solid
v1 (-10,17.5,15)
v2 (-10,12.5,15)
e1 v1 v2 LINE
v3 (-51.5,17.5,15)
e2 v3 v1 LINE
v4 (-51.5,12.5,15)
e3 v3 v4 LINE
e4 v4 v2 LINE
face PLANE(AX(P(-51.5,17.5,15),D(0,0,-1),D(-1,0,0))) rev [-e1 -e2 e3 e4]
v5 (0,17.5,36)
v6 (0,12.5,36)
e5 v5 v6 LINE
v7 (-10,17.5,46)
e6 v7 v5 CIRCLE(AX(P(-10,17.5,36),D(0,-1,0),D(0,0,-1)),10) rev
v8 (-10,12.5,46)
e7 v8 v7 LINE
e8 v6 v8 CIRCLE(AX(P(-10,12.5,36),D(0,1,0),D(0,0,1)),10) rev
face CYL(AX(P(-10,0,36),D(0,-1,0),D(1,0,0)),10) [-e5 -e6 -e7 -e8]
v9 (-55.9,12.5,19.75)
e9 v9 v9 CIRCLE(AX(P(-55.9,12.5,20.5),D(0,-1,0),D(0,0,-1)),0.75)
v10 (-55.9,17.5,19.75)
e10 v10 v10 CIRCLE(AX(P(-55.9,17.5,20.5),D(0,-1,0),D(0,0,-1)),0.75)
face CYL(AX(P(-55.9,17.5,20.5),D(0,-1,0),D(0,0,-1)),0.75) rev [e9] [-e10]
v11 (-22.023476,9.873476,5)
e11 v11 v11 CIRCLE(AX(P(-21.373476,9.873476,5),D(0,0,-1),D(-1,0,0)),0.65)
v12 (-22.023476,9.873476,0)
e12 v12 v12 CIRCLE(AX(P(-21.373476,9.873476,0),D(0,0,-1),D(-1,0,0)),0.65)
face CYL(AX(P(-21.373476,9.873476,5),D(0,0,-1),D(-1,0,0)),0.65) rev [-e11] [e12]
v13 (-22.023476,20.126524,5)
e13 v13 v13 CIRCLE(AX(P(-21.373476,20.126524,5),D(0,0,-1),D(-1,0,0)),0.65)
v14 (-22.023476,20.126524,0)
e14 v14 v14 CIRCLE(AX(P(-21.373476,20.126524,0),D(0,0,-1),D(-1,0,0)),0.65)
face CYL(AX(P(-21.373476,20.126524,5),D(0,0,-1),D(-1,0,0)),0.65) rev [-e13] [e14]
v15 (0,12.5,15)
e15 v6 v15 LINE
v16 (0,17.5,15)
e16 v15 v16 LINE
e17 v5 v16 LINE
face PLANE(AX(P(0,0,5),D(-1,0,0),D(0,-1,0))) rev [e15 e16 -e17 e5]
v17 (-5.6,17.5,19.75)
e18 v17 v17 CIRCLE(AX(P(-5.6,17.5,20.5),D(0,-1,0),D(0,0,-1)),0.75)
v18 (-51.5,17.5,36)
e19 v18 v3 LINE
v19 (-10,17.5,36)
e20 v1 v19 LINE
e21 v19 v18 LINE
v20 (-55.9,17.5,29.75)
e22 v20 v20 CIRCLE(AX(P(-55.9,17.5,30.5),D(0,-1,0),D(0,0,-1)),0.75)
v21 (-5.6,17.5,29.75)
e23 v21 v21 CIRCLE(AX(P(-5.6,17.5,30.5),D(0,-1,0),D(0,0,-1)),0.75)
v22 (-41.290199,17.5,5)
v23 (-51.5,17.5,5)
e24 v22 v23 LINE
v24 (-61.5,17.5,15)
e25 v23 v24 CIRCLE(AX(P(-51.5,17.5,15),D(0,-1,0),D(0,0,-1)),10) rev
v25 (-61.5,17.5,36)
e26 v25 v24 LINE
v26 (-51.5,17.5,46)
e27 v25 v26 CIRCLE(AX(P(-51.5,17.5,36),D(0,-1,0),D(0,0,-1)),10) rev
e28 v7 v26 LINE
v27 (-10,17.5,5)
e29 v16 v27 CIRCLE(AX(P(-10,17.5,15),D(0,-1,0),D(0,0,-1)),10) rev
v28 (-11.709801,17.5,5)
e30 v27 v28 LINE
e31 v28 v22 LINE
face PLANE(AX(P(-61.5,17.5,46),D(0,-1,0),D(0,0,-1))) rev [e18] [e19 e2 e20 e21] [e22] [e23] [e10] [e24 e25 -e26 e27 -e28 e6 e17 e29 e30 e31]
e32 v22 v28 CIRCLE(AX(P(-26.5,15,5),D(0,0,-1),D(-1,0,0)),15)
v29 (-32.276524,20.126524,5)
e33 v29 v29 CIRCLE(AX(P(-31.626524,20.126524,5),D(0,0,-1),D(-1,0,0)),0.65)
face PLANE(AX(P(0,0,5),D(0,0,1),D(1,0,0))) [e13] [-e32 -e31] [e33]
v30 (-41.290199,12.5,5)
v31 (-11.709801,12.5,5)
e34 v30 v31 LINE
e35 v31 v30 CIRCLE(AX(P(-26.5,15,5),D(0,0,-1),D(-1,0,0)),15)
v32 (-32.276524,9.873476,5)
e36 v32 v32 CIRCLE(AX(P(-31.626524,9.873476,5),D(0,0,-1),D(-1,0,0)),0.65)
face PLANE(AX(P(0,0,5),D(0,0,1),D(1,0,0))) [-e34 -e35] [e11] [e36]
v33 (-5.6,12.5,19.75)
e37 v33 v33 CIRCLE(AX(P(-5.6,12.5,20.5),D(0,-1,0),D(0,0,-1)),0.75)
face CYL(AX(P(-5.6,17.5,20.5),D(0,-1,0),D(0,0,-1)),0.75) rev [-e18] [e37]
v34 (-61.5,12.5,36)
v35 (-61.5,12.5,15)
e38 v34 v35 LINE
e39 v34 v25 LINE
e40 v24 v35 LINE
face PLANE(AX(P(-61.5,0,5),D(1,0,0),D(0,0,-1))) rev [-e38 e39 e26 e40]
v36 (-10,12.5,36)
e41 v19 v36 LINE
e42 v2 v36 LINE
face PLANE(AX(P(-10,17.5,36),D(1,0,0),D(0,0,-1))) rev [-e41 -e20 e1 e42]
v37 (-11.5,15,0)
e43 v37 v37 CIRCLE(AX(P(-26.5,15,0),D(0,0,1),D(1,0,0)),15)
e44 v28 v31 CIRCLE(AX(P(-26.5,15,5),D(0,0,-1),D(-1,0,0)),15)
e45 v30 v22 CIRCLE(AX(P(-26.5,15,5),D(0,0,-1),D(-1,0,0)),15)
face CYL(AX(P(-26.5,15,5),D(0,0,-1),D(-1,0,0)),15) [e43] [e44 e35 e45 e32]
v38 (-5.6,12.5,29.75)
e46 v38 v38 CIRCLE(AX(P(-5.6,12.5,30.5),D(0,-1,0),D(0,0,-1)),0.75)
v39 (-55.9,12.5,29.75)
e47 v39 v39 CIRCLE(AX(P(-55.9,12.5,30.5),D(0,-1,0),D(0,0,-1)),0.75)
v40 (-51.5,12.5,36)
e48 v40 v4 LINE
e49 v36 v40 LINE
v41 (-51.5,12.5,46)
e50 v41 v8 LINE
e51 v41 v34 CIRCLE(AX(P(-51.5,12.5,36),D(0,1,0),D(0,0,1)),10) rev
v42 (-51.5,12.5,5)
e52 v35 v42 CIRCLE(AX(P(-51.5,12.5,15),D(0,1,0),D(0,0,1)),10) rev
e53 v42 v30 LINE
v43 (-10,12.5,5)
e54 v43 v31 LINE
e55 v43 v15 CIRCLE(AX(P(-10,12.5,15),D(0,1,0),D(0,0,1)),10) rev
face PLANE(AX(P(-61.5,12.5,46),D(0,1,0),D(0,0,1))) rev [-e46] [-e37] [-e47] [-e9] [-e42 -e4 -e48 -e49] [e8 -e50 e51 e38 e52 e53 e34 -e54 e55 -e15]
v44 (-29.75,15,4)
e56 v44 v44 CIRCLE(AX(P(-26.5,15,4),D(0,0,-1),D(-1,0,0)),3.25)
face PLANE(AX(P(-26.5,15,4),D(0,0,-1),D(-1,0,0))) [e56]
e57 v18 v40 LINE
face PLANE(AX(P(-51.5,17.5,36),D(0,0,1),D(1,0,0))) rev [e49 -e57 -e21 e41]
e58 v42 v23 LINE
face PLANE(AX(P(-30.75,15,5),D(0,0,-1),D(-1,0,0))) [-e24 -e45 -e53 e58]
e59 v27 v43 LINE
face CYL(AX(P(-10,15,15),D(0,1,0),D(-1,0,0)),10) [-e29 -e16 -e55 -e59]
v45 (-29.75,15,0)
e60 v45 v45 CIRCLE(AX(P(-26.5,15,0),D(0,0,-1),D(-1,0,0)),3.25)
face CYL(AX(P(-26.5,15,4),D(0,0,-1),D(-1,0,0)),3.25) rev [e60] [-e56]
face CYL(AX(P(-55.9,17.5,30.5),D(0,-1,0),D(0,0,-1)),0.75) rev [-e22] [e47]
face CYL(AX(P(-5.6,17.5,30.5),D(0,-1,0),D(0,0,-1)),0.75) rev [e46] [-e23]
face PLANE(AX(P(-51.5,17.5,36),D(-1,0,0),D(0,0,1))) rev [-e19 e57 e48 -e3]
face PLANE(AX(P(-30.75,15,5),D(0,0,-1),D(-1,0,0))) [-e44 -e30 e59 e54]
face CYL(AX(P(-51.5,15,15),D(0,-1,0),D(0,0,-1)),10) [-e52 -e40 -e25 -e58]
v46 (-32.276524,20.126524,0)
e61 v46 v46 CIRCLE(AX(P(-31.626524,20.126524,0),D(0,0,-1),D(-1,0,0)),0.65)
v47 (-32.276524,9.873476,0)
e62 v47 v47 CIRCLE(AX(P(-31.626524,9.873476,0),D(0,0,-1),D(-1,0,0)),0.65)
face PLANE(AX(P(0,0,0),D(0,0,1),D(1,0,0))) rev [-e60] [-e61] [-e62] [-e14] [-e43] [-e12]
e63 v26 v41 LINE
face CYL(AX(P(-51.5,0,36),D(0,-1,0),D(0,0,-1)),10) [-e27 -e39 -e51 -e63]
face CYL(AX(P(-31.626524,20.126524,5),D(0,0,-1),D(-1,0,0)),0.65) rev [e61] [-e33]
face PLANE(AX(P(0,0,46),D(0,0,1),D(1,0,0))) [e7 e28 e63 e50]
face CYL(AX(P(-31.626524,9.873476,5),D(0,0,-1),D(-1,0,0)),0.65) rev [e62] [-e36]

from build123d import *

# Parameters (mm, degrees)
SKETCH1_W           = 61.5
SKETCH1_H           = 30
BOSS_EXTRUDE2_DEPTH = 5
SKETCH2_W           = 61.5
SKETCH2_H           = 5
BOSS_EXTRUDE3_DEPTH = 41
SKETCH3_W           = 41.5
SKETCH3_H           = 21
CUT_EXTRUDE1_DEPTH  = 5
SKETCH4_OUTSIDE_W   = 79.99
SKETCH4_OUTSIDE_H   = 48.49
SKETCH4_OUTSIDE_R   = 15
CUT_EXTRUDE2_DEPTH  = 5
SKETCH5_R           = 3.25
CUT_EXTRUDE5_DEPTH  = 4
FILLET1_R           = 10
FILLET2_R           = 10
FILLET3_R           = 10
FILLET4_R           = 10
SKETCH7_R           = 0.75
CUT_EXTRUDE7_DEPTH  = 5
SKETCH8_R           = 0.65
CUT_EXTRUDE8_DEPTH  = 5


with BuildPart() as part:
    # Sketch1 → Boss-Extrude2 (new body)
    with BuildSketch(Plane.XY):
        with Locations((-30.75, 15)):
            Rectangle(SKETCH1_W, SKETCH1_H)
    extrude(amount=BOSS_EXTRUDE2_DEPTH)

    # Sketch2 → Boss-Extrude3 (add)
    with BuildSketch(Plane.XY.offset(5)):
        with Locations((-30.75, 15)):
            Rectangle(SKETCH2_W, SKETCH2_H)
    extrude(amount=BOSS_EXTRUDE3_DEPTH)

    # Sketch3 → Cut-Extrude1 (cut)
    with BuildSketch(Plane.XZ.offset(-12.5)):
        with Locations((-30.75, 25.5)):
            Rectangle(SKETCH3_W, SKETCH3_H)
    extrude(amount=-CUT_EXTRUDE1_DEPTH, mode=Mode.SUBTRACT)

    # Sketch4 outside → Cut-Extrude2 (cut)
    with BuildSketch(Plane(origin=(0, 0, 0), x_dir=(-1, 0, 0), z_dir=(0, 0, -1))):
        with Locations((30.75, 15)):
            Rectangle(SKETCH4_OUTSIDE_W, SKETCH4_OUTSIDE_H)
        with Locations((26.5, 15)):
            Circle(SKETCH4_OUTSIDE_R, mode=Mode.SUBTRACT)
    extrude(amount=-CUT_EXTRUDE2_DEPTH, mode=Mode.SUBTRACT)

    # Sketch5 → Cut-Extrude5 (cut)
    with BuildSketch(Plane(origin=(0, 0, 0), x_dir=(-1, 0, 0), z_dir=(0, 0, -1))):
        with Locations((26.5, 15)):
            Circle(SKETCH5_R)
    extrude(amount=-CUT_EXTRUDE5_DEPTH, mode=Mode.SUBTRACT)

    # Fillet1
    fillet1_edges = [part.edges().sort_by_distance(p)[0] for p in [
        (-61.5, 15, 5),
    ]]
    fillet(fillet1_edges, radius=FILLET1_R)

    # Fillet2
    fillet2_edges = [part.edges().sort_by_distance(p)[0] for p in [
        (-61.5, 15, 46),
    ]]
    fillet(fillet2_edges, radius=FILLET2_R)

    # Fillet3
    fillet3_edges = [part.edges().sort_by_distance(p)[0] for p in [
        (0, 15, 5),
    ]]
    fillet(fillet3_edges, radius=FILLET3_R)

    # Fillet4
    fillet4_edges = [part.edges().sort_by_distance(p)[0] for p in [
        (0, 15, 46),
    ]]
    fillet(fillet4_edges, radius=FILLET4_R)

    # Sketch7 → Cut-Extrude7 (cut)
    with BuildSketch(Plane.XZ.offset(-12.5)):
        with Locations((-55.9, 20.5)):
            Circle(SKETCH7_R)
        with Locations((-55.9, 30.5)):
            Circle(SKETCH7_R)
        with Locations((-5.6, 30.5)):
            Circle(SKETCH7_R)
        with Locations((-5.6, 20.5)):
            Circle(SKETCH7_R)
    extrude(amount=-CUT_EXTRUDE7_DEPTH, mode=Mode.SUBTRACT)

    # Sketch8 → Cut-Extrude8 (cut)
    with BuildSketch(Plane(origin=(0, 0, 0), x_dir=(-1, 0, 0), z_dir=(0, 0, -1))):
        with Locations((31.626524164, 20.126524164)):
            Circle(SKETCH8_R)
        with Locations((31.626524164, 9.873475836)):
            Circle(SKETCH8_R)
        with Locations((21.373475836, 9.873475836)):
            Circle(SKETCH8_R)
        with Locations((21.373475836, 20.126524164)):
            Circle(SKETCH8_R)
    extrude(amount=-CUT_EXTRUDE8_DEPTH, mode=Mode.SUBTRACT)


solid = part.part
